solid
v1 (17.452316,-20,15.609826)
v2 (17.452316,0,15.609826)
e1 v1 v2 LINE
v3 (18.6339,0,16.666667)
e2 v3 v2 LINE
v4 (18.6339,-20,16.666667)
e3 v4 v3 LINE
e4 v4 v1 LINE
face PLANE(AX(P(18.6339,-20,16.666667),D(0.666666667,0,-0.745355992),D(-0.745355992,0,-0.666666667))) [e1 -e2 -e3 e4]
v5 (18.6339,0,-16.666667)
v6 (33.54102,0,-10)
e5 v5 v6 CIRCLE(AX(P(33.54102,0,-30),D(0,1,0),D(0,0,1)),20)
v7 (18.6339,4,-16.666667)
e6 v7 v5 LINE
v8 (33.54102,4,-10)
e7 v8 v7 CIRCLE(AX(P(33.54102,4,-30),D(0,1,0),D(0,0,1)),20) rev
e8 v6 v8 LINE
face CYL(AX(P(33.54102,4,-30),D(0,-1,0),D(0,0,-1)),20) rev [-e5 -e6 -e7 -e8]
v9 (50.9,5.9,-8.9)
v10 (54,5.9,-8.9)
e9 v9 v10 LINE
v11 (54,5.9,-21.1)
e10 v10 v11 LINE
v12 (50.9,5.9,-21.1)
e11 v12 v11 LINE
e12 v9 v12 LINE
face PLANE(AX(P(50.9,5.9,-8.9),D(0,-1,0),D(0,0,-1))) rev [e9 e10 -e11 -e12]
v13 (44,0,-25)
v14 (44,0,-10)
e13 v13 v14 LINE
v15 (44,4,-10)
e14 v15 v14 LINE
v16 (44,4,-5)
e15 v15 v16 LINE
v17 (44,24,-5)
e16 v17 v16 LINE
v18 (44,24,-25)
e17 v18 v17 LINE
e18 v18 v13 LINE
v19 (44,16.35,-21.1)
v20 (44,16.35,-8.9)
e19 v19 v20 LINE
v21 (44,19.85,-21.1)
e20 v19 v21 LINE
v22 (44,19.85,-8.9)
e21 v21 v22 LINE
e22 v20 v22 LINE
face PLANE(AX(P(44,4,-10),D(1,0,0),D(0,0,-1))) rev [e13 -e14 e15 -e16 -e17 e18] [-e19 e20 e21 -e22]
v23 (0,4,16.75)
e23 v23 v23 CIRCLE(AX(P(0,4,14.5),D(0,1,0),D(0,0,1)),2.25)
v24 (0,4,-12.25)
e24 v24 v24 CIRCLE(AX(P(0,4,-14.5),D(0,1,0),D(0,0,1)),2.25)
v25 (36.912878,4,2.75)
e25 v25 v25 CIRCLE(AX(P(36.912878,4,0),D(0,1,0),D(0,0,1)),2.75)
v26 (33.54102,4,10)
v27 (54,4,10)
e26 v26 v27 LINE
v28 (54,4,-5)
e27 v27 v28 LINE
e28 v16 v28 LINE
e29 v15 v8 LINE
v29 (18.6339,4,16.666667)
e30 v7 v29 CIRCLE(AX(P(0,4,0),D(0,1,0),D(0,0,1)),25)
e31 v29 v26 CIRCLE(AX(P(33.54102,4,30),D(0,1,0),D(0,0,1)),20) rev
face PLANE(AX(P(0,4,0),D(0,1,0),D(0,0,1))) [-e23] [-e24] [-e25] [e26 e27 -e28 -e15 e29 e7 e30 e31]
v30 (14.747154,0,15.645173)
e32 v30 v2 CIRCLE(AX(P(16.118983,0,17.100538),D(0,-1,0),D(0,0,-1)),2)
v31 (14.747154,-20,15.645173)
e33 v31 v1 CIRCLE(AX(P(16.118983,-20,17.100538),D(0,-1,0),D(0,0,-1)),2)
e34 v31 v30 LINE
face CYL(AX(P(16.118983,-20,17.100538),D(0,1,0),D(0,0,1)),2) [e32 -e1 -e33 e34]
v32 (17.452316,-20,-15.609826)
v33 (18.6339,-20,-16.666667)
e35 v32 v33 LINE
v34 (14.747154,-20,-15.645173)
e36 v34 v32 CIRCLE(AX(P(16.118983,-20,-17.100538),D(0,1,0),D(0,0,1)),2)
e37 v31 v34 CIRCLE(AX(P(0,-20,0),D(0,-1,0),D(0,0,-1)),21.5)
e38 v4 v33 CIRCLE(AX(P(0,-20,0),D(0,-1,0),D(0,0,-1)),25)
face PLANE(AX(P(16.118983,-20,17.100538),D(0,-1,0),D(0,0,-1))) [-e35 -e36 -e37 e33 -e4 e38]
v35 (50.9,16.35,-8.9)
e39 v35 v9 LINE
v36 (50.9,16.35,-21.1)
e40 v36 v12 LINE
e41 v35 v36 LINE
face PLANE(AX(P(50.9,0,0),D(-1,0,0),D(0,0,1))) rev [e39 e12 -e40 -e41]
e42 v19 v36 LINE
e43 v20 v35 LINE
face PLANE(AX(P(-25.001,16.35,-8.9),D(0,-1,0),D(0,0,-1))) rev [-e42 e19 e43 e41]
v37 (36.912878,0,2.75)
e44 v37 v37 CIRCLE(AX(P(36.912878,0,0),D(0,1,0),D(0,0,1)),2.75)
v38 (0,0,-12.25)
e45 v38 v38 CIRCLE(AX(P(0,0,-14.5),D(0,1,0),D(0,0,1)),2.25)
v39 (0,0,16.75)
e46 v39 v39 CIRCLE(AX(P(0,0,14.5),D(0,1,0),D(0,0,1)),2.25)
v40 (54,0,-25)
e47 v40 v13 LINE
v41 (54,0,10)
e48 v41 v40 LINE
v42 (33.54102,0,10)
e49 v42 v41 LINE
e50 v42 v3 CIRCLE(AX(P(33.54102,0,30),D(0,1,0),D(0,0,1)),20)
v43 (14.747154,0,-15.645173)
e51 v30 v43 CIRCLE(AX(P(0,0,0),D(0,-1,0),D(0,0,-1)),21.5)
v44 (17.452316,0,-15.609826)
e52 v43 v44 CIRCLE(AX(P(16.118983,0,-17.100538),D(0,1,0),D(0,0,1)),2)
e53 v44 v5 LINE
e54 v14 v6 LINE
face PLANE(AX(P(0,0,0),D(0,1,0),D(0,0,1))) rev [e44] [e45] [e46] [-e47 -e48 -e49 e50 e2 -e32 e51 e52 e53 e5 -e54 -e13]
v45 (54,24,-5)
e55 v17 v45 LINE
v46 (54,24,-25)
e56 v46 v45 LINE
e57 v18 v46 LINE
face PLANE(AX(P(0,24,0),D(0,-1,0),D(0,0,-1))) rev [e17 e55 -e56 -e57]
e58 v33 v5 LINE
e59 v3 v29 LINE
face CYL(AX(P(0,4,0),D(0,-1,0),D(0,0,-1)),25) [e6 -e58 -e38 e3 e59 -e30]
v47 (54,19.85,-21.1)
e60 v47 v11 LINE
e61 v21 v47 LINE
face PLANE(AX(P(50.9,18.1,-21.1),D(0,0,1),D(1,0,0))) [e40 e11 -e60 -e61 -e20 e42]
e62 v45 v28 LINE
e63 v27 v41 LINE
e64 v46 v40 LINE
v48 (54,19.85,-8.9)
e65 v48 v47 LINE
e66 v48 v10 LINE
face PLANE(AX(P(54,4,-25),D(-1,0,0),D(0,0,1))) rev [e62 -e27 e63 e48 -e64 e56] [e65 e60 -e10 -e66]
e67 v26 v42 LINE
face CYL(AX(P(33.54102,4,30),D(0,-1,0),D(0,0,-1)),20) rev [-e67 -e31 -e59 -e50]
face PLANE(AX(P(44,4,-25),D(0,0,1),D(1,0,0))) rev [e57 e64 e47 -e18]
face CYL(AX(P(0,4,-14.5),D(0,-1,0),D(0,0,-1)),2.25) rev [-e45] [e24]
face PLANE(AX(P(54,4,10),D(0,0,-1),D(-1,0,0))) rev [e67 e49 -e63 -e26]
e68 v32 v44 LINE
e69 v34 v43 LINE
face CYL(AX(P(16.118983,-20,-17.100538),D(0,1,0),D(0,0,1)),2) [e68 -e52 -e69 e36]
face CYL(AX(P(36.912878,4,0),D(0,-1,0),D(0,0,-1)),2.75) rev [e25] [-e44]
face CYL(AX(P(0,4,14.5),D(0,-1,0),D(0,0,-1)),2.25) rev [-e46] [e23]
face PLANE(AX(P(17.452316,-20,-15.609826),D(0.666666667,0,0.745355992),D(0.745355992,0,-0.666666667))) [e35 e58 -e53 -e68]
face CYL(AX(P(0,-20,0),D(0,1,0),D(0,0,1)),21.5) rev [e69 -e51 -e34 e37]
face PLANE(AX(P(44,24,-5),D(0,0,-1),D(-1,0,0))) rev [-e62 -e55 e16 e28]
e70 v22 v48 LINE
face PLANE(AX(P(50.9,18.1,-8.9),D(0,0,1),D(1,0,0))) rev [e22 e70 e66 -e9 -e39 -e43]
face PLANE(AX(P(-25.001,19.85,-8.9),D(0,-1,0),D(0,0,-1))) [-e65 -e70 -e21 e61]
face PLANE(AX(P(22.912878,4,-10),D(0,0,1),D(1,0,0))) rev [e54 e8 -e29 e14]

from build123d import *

# Parameters (mm, degrees)
BOSS_EXTRUDE1_DEPTH = 4
FILLET1_R           = 20
SKETCH1_R           = 2.25
SKETCH1_R_2         = 2.75
CUT_EXTRUDE3_DEPTH  = 131.855321132
BOSS_EXTRUDE2_START = 20
BOSS_EXTRUDE2_DEPTH = 20
SKETCH7_W           = 10
SKETCH7_H           = 20
BOSS_EXTRUDE3_DEPTH = 20
SKETCH8_W           = 12.2
SKETCH8_H           = 12.2
CUT_EXTRUDE4_DEPTH  = 3.1
CUT_EXTRUDE5_REACH  = 88.267
SKETCH8_3_W         = 12.2
SKETCH8_3_H         = 3.5


with BuildPart() as part:
    # Sketch3 → Boss-Extrude1 (new body)
    with BuildSketch(Plane(origin=(0, 0, 0), x_dir=(1, 0, 0), z_dir=(0, 1, 0))):
        with BuildLine():
            Line((22.912878475, 10), (44, 10))
            Line((44, 10), (44, 25))
            Line((44, 25), (54, 25))
            Line((54, 25), (54, -10))
            Line((54, -10), (22.912878475, -10))
            ThreePointArc((22.912878475, -10), (-25, 0), (22.912878475, 10))
        make_face()
    extrude(amount=BOSS_EXTRUDE1_DEPTH)

    # Fillet1
    fillet1_edges = [part.edges().sort_by_distance(p)[0] for p in [
        (22.912878475, 2, 10),
        (22.912878475, 2, -10),
    ]]
    fillet(fillet1_edges, radius=FILLET1_R)

    # Sketch1 → Cut-Extrude3 (cut, through all)
    with BuildSketch(Plane(origin=(103.38268991, 0, 0), x_dir=(1, 0, 0), z_dir=(0, 1, 0))):
        with Locations((-103.38268991, 14.5)):
            Circle(SKETCH1_R)
        with Locations((-103.38268991, -14.5)):
            Circle(SKETCH1_R)
        with Locations((-66.469811435, 0)):
            Circle(SKETCH1_R_2)
    extrude(amount=CUT_EXTRUDE3_DEPTH, mode=Mode.SUBTRACT)

    # Sketch4 → Boss-Extrude2 (add)
    with BuildSketch(Plane.XZ.offset(BOSS_EXTRUDE2_START)):
        with BuildLine():
            Line((18.633899812, 16.666666667), (17.452315988, 15.609825965))
            ThreePointArc((17.452315988, 15.609825965), (16.092851842, 15.100708662), (14.747154343, 15.645173018))
            ThreePointArc((14.747154343, 15.645173018), (-21.5, 0), (14.747154343, -15.645173018))
            ThreePointArc((14.747154343, -15.645173018), (16.092851842, -15.100708662), (17.452315988, -15.609825965))
            Line((17.452315988, -15.609825965), (18.633899812, -16.666666667))
            ThreePointArc((18.633899812, -16.666666667), (-25, 0), (18.633899812, 16.666666667))
        make_face()
    extrude(amount=-BOSS_EXTRUDE2_DEPTH)

    # Sketch7 → Boss-Extrude3 (add)
    with BuildSketch(Plane(origin=(0, 4, 0), x_dir=(1, 0, 0), z_dir=(0, 1, 0))):
        with Locations((49, 15)):
            Rectangle(SKETCH7_W, SKETCH7_H)
    extrude(amount=BOSS_EXTRUDE3_DEPTH)

    # Sketch8 → Cut-Extrude4 (cut)
    with BuildSketch(Plane(origin=(54, 0, 0), x_dir=(0, 0, -1), z_dir=(1, 0, 0))):
        with Locations((15, 12)):
            Rectangle(SKETCH8_W, SKETCH8_H)
    extrude(amount=-CUT_EXTRUDE4_DEPTH, mode=Mode.SUBTRACT)

    # Sketch8<3> → Cut-Extrude5 (cut, up to next)
    with BuildSketch(Plane(origin=(54, 0, 0), x_dir=(0, 0, -1), z_dir=(1, 0, 0)), mode=Mode.PRIVATE) as cut_extrude5_sk1:
        with Locations((15, 18.1)):
            Rectangle(SKETCH8_3_W, SKETCH8_3_H)
    cut_extrude5_tool1 = extrude(cut_extrude5_sk1.sketch, amount=-CUT_EXTRUDE5_REACH, mode=Mode.PRIVATE) & part.part
    add(cut_extrude5_tool1.solids().sort_by_distance((54, 18.1, -15))[0], mode=Mode.SUBTRACT)


solid = part.part
